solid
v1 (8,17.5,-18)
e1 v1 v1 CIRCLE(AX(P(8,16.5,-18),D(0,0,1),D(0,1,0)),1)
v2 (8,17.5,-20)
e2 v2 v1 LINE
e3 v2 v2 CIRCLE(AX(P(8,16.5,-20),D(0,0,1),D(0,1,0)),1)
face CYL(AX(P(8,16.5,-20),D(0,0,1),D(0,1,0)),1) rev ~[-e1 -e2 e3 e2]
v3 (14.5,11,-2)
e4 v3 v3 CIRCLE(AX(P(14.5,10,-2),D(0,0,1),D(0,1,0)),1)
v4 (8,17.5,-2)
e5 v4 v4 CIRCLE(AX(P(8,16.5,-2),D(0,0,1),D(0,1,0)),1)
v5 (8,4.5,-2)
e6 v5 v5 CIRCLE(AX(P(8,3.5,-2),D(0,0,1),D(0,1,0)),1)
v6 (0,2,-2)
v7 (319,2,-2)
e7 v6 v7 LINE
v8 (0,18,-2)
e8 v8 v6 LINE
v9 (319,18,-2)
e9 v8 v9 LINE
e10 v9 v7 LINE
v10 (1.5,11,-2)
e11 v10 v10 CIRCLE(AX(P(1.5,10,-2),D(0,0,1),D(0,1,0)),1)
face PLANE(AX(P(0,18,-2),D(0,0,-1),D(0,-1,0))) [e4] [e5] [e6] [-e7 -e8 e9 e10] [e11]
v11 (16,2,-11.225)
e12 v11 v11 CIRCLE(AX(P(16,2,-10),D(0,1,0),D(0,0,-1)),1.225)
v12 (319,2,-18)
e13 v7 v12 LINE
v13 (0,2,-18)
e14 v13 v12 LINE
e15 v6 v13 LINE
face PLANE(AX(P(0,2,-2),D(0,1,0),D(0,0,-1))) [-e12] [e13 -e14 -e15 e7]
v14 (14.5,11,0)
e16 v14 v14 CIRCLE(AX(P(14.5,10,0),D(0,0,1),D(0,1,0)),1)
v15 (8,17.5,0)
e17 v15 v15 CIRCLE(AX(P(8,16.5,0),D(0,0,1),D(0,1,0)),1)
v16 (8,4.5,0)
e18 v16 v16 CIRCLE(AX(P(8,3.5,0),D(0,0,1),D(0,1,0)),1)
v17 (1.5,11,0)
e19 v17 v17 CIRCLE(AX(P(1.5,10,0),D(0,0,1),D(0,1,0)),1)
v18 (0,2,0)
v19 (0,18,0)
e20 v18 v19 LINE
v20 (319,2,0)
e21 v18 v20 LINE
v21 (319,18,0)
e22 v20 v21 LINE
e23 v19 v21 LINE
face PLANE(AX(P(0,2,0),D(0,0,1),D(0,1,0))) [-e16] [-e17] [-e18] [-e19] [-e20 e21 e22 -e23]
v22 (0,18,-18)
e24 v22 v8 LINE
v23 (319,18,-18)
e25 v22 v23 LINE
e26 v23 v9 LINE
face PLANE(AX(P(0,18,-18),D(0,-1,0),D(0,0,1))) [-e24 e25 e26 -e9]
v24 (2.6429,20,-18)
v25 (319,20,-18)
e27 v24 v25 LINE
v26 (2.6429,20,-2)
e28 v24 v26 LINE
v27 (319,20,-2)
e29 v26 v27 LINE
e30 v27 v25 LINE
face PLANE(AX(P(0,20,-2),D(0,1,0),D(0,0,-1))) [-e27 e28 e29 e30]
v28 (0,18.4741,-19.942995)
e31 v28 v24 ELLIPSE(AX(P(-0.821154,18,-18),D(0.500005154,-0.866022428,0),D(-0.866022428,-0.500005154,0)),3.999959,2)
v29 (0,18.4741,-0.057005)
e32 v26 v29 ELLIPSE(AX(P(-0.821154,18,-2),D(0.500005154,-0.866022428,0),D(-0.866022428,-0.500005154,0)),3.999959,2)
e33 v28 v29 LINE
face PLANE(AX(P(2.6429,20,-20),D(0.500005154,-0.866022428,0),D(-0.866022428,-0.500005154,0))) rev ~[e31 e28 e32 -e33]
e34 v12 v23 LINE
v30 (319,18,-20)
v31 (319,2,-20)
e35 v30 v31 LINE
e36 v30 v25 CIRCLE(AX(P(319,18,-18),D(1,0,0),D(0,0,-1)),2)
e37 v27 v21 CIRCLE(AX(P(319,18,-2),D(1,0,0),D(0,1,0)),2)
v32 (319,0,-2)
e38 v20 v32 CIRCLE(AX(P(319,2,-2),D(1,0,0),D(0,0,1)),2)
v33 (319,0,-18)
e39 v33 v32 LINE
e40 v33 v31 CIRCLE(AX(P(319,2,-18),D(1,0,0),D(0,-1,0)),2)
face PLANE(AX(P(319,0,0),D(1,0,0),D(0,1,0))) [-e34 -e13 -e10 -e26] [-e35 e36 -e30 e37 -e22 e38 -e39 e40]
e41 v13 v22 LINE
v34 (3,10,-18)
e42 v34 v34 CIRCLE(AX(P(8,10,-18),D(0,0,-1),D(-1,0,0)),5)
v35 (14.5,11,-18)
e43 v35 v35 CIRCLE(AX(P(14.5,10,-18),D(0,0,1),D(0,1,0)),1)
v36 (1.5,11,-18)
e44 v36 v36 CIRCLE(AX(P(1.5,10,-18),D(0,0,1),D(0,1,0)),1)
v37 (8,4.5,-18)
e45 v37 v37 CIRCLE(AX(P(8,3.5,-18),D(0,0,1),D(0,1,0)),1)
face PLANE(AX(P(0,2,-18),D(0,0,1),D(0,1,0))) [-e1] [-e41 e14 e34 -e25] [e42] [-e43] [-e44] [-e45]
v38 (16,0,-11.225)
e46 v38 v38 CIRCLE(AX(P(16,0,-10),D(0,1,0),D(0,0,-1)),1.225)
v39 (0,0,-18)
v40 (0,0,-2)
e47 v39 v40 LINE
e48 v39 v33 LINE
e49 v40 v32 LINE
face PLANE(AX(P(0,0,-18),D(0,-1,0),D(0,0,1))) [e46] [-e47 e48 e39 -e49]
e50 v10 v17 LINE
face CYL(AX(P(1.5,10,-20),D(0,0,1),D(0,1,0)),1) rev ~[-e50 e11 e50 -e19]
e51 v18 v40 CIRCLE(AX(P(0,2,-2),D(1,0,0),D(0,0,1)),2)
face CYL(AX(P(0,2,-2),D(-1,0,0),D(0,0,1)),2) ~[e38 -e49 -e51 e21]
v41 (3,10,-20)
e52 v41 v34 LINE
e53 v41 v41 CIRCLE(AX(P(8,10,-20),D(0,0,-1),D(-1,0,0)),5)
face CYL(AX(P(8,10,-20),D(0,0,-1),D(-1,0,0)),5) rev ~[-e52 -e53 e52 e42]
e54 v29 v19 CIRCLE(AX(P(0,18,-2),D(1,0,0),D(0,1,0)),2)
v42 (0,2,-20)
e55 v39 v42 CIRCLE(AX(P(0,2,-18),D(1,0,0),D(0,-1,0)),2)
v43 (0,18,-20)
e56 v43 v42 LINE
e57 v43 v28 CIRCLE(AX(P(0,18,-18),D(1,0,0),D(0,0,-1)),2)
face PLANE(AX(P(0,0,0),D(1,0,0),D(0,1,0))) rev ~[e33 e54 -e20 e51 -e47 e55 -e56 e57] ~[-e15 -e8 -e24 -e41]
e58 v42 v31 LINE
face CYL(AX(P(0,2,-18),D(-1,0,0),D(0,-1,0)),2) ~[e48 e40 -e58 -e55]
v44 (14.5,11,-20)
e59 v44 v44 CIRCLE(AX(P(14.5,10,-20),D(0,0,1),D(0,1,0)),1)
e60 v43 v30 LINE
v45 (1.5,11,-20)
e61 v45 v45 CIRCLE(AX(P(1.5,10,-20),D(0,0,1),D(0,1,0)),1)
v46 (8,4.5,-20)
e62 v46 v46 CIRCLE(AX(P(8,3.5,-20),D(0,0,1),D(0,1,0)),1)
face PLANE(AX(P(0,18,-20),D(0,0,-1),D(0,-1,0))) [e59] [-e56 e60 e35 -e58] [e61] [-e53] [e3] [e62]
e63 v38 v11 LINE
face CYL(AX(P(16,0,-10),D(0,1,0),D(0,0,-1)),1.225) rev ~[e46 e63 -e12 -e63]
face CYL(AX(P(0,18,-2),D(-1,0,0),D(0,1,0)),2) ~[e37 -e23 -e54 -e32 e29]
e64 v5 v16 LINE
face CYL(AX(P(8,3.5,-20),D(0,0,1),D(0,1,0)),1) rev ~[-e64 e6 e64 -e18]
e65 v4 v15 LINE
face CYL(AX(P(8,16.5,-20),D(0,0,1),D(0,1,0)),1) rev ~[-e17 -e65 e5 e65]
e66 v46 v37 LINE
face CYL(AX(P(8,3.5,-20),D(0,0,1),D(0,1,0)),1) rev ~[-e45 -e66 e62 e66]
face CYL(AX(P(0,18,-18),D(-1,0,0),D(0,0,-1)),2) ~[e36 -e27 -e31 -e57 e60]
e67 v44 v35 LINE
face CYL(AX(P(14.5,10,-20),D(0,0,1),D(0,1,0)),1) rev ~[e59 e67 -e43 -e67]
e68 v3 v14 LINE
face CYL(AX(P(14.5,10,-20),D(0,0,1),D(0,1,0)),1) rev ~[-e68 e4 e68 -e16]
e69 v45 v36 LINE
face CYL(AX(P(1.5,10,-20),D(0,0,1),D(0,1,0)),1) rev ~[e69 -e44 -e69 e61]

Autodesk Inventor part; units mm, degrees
ref_plane "YZ Plane" through (0, 0, 0) normal (1, 0, 0) x (0, 1, 0)
ref_plane "XZ Plane" through (0, 0, 0) normal (0, 1, 0) x (-1, 0, 0)
ref_plane "XY Plane" through (0, 0, 0) normal (0, 0, 1) x (1, 0, 0)
sketch "Sketch1" plane through (0, 0, 0) normal (1, 0, 0) x (0, 1, 0)
  line L0 (2, 0) -> (18, 0)
  line L1 (20, -2) -> (20, -18)
  line L2 (18, -20) -> (2, -20)
  line L3 (0, -18) -> (0, -2)
  line L4 (18, -18) -> (18, -2)
  line L5 (18, -2) -> (2, -2)
  line L6 (2, -2) -> (2, -18)
  line L7 (2, -18) -> (18, -18)
  arc A0 (20, -2) -> (18, 0) centre (18, -2) ccw
  arc A1 (18, -20) -> (20, -18) centre (18, -18) ccw
  arc A2 (0, -18) -> (2, -20) centre (2, -18) ccw
  arc A3 (2, 0) -> (0, -2) centre (2, -2) ccw
  point P0 (0, 0)
  point P1 (20, -20)
  point P2 (20, 0)
  point P3 (0, -20)
  dimension "d0" = 20
  dimension "d1" = 20
  dimension "d2" = 2
  dimension "d5" = 2
extrude "Extrusion1" add sketch "Sketch1" along normal blind 319
sketch "Sketch2" plane through (0, 0, -18) normal (0, -1, 0) x (1, 0, 0)
  line L0 (0, 16) -> (0, 0) projected
  line L1 (0, 0) -> (319, 0) projected
  point P0 (0, 18)
  point P1 (16, 8)
  dimension "d6" = 16
  dimension "d7" = 8
hole "Hole1" at (16, 0, -10) direction (0, 1, 0) diameter 2.45 depth 2
sketch "Sketch4" plane through (0, 2, -20) normal (0, 0, -1) x (-1, 0, 0)
  line L0 (0, 0) -> (0, 16) projected
  line L1 (0, 16) -> (-319, 16) projected
  line L2 (0, 0) -> (-16, 0)
  line L3 (-16, 0) -> (-16, 16)
  line L4 (-16, 16) -> (0, 16)
  line L5 (0, 16) -> (0, 0)
  circle A0 centre (-8, 8) radius 8
  circle A1 centre (-8, 8) radius 5
  circle A2 centre (-8, 8) radius 6.5
  line L6 (0, 18) -> (-319, 18) projected
  line L7 (-2.6429, 18) -> (0, 16.4741)
  line L8 (-2.6429, 18) -> (-0.6491, 18) construction
  line L9 (0, 18) -> (0, 16) projected
  point P0 (0, -2)
  point P1 (-8, 1.5)
  point P2 (-1.5, 8)
  point P3 (-8, 14.5)
  point P4 (-14.5, 8)
  dimension "d21" = 10
  dimension "d22" = 13
  dimension "d30" = 30
  dimension "d33" = 2.6429
extrude "Extrusion3" cut sketch "Sketch4" against normal up to surface (2 mm away) contours A1
hole "Hole2" at (8, 3.5, -20) at (1.5, 10, -20) at (14.5, 10, -20) at (8, 16.5, -20) direction (0, 0, 1) diameter 2 end through all
extrude "Extrusion4" cut sketch "Sketch4" against normal up to next contours L7 L6 L9
properties part number "rockerpivotarm"
